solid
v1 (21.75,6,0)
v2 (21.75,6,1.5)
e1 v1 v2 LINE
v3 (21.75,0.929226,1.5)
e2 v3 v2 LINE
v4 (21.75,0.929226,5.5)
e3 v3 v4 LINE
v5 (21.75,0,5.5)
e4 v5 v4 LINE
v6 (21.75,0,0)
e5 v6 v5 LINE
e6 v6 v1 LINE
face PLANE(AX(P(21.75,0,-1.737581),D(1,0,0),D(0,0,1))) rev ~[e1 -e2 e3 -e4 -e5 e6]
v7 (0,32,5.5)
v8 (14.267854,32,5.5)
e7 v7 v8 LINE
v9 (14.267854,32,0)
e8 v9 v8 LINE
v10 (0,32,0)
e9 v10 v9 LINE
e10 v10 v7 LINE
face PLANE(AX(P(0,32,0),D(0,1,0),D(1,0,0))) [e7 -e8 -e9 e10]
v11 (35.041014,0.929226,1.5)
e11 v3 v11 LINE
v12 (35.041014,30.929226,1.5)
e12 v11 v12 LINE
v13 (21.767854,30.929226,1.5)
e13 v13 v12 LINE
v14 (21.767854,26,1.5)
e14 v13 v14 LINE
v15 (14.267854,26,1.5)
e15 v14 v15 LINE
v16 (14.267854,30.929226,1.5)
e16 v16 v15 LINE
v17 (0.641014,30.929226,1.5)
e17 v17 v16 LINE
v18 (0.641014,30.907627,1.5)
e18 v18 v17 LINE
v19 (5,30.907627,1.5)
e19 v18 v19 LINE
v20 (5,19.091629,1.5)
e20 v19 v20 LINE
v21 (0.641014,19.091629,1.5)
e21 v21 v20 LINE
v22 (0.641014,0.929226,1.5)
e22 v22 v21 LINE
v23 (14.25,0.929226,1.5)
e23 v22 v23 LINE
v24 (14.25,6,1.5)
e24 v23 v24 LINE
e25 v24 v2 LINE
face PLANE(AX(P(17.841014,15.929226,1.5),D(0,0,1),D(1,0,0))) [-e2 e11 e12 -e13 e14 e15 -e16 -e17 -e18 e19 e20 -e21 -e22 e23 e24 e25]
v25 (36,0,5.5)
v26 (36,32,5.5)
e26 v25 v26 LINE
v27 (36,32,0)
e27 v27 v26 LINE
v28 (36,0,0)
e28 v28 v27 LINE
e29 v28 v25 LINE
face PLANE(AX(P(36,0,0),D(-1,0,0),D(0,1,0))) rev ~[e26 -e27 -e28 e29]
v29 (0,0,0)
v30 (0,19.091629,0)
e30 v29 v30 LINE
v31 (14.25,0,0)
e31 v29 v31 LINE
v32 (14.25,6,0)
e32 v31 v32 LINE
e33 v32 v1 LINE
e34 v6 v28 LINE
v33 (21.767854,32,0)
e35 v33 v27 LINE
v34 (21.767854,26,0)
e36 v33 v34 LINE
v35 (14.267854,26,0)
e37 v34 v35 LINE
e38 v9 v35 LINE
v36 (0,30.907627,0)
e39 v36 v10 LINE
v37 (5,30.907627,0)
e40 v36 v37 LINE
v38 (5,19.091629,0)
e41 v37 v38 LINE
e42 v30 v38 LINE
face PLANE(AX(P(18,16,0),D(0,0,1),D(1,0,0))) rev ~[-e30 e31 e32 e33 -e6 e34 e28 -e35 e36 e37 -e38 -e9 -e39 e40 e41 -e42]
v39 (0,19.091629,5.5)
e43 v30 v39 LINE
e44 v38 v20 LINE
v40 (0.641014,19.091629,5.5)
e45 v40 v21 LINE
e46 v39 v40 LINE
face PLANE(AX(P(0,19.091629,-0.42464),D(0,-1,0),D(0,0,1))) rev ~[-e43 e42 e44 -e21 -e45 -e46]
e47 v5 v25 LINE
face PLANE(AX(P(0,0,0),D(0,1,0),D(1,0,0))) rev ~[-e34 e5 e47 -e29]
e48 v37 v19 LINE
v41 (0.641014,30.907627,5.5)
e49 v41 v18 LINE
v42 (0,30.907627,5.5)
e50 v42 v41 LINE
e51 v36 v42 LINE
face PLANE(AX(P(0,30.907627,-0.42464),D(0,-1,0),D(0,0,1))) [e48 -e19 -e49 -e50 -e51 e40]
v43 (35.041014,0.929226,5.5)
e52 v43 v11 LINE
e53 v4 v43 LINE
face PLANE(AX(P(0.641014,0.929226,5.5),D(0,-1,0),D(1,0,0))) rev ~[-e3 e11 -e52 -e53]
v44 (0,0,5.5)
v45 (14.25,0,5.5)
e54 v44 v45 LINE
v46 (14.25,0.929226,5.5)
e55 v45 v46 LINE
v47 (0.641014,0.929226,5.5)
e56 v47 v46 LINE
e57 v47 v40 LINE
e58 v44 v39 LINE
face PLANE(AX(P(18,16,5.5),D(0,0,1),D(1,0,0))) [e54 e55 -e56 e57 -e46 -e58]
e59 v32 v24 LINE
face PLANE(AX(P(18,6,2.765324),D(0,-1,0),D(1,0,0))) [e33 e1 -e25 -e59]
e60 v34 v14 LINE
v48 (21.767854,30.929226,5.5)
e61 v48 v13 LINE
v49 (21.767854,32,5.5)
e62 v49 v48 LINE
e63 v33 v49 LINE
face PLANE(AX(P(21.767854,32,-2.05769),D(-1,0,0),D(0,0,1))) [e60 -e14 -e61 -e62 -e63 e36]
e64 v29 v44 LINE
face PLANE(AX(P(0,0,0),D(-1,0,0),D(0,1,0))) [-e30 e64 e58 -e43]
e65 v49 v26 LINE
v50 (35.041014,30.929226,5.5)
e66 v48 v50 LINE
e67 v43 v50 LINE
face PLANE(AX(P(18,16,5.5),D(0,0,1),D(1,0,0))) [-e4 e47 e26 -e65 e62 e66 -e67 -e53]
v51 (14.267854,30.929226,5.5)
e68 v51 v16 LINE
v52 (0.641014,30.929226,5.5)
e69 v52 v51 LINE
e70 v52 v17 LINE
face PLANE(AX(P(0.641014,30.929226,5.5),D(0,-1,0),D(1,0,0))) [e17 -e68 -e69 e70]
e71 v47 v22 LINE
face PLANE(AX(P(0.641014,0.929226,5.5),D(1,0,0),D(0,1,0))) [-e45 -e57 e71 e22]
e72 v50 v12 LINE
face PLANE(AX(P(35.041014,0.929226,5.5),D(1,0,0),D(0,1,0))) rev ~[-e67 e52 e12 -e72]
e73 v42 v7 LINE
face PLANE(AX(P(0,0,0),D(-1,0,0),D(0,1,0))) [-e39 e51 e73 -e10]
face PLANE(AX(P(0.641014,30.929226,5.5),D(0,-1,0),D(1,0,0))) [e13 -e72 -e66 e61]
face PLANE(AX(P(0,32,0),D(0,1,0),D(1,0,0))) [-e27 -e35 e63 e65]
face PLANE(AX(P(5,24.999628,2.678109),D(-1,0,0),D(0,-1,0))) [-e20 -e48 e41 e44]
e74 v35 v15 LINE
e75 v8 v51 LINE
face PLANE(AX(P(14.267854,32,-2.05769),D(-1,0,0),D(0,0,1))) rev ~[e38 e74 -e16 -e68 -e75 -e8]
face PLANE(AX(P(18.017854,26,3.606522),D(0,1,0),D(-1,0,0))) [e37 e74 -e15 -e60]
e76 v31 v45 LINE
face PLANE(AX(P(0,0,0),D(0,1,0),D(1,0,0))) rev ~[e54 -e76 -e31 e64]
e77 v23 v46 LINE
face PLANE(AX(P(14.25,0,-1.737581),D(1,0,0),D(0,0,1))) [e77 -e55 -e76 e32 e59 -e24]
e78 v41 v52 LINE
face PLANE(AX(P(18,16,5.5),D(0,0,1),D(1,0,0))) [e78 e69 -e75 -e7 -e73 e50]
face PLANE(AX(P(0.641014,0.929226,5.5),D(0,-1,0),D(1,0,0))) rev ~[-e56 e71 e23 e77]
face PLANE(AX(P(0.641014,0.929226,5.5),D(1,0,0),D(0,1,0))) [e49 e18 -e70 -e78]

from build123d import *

# Parameters (mm, degrees)
SKETCH_W        = 36
SKETCH_H        = 32
PAD_DEPTH       = 5.5
SKETCH001_W     = 34.4
SKETCH001_H     = 30
POCKET_DEPTH    = 4
SKETCH002_W     = 11.815998
SKETCH002_H     = 6.205499
POCKET001_DEPTH = 5
SKETCH003_W     = 7.5
SKETCH003_H     = 9.005811
POCKET002_DEPTH = 6
SKETCH004_W     = 7.5
SKETCH004_H     = 11.328424
POCKET003_DEPTH = 6


with BuildPart() as part:
    # Sketch → Pad (new body)
    with BuildSketch(Plane.XY):
        with Locations((18, 16)):
            Rectangle(SKETCH_W, SKETCH_H)
    extrude(amount=PAD_DEPTH)

    # Sketch001 (on Face6 of Pad) → Pocket (cut)
    with BuildSketch(Plane.XY.offset(5.5)):
        with Locations((17.841014, 15.929226)):
            Rectangle(SKETCH001_W, SKETCH001_H)
    extrude(amount=-POCKET_DEPTH, mode=Mode.SUBTRACT)

    # Sketch002 (on Face2 of Pocket) → Pocket001 (cut)
    with BuildSketch(Plane(origin=(0, 0, 0), x_dir=(0, -1, 0), z_dir=(-1, 0, 0))):
        with Locations((-24.999628, 2.678109)):
            Rectangle(SKETCH002_W, SKETCH002_H)
    extrude(amount=-POCKET001_DEPTH, mode=Mode.SUBTRACT)

    # Sketch003 (on Face1 of Pocket001) → Pocket002 (cut)
    with BuildSketch(Plane.XZ):
        with Locations((18, 2.765324)):
            Rectangle(SKETCH003_W, SKETCH003_H)
    extrude(amount=-POCKET002_DEPTH, mode=Mode.SUBTRACT)

    # Sketch004 (on Face7 of Pocket001) → Pocket003 (cut)
    with BuildSketch(Plane(origin=(0, 32, 0), x_dir=(-1, 0, 0), z_dir=(0, 1, 0))):
        with Locations((-18.017854, 3.606522)):
            Rectangle(SKETCH004_W, SKETCH004_H)
    extrude(amount=-POCKET003_DEPTH, mode=Mode.SUBTRACT)


solid = part.part
